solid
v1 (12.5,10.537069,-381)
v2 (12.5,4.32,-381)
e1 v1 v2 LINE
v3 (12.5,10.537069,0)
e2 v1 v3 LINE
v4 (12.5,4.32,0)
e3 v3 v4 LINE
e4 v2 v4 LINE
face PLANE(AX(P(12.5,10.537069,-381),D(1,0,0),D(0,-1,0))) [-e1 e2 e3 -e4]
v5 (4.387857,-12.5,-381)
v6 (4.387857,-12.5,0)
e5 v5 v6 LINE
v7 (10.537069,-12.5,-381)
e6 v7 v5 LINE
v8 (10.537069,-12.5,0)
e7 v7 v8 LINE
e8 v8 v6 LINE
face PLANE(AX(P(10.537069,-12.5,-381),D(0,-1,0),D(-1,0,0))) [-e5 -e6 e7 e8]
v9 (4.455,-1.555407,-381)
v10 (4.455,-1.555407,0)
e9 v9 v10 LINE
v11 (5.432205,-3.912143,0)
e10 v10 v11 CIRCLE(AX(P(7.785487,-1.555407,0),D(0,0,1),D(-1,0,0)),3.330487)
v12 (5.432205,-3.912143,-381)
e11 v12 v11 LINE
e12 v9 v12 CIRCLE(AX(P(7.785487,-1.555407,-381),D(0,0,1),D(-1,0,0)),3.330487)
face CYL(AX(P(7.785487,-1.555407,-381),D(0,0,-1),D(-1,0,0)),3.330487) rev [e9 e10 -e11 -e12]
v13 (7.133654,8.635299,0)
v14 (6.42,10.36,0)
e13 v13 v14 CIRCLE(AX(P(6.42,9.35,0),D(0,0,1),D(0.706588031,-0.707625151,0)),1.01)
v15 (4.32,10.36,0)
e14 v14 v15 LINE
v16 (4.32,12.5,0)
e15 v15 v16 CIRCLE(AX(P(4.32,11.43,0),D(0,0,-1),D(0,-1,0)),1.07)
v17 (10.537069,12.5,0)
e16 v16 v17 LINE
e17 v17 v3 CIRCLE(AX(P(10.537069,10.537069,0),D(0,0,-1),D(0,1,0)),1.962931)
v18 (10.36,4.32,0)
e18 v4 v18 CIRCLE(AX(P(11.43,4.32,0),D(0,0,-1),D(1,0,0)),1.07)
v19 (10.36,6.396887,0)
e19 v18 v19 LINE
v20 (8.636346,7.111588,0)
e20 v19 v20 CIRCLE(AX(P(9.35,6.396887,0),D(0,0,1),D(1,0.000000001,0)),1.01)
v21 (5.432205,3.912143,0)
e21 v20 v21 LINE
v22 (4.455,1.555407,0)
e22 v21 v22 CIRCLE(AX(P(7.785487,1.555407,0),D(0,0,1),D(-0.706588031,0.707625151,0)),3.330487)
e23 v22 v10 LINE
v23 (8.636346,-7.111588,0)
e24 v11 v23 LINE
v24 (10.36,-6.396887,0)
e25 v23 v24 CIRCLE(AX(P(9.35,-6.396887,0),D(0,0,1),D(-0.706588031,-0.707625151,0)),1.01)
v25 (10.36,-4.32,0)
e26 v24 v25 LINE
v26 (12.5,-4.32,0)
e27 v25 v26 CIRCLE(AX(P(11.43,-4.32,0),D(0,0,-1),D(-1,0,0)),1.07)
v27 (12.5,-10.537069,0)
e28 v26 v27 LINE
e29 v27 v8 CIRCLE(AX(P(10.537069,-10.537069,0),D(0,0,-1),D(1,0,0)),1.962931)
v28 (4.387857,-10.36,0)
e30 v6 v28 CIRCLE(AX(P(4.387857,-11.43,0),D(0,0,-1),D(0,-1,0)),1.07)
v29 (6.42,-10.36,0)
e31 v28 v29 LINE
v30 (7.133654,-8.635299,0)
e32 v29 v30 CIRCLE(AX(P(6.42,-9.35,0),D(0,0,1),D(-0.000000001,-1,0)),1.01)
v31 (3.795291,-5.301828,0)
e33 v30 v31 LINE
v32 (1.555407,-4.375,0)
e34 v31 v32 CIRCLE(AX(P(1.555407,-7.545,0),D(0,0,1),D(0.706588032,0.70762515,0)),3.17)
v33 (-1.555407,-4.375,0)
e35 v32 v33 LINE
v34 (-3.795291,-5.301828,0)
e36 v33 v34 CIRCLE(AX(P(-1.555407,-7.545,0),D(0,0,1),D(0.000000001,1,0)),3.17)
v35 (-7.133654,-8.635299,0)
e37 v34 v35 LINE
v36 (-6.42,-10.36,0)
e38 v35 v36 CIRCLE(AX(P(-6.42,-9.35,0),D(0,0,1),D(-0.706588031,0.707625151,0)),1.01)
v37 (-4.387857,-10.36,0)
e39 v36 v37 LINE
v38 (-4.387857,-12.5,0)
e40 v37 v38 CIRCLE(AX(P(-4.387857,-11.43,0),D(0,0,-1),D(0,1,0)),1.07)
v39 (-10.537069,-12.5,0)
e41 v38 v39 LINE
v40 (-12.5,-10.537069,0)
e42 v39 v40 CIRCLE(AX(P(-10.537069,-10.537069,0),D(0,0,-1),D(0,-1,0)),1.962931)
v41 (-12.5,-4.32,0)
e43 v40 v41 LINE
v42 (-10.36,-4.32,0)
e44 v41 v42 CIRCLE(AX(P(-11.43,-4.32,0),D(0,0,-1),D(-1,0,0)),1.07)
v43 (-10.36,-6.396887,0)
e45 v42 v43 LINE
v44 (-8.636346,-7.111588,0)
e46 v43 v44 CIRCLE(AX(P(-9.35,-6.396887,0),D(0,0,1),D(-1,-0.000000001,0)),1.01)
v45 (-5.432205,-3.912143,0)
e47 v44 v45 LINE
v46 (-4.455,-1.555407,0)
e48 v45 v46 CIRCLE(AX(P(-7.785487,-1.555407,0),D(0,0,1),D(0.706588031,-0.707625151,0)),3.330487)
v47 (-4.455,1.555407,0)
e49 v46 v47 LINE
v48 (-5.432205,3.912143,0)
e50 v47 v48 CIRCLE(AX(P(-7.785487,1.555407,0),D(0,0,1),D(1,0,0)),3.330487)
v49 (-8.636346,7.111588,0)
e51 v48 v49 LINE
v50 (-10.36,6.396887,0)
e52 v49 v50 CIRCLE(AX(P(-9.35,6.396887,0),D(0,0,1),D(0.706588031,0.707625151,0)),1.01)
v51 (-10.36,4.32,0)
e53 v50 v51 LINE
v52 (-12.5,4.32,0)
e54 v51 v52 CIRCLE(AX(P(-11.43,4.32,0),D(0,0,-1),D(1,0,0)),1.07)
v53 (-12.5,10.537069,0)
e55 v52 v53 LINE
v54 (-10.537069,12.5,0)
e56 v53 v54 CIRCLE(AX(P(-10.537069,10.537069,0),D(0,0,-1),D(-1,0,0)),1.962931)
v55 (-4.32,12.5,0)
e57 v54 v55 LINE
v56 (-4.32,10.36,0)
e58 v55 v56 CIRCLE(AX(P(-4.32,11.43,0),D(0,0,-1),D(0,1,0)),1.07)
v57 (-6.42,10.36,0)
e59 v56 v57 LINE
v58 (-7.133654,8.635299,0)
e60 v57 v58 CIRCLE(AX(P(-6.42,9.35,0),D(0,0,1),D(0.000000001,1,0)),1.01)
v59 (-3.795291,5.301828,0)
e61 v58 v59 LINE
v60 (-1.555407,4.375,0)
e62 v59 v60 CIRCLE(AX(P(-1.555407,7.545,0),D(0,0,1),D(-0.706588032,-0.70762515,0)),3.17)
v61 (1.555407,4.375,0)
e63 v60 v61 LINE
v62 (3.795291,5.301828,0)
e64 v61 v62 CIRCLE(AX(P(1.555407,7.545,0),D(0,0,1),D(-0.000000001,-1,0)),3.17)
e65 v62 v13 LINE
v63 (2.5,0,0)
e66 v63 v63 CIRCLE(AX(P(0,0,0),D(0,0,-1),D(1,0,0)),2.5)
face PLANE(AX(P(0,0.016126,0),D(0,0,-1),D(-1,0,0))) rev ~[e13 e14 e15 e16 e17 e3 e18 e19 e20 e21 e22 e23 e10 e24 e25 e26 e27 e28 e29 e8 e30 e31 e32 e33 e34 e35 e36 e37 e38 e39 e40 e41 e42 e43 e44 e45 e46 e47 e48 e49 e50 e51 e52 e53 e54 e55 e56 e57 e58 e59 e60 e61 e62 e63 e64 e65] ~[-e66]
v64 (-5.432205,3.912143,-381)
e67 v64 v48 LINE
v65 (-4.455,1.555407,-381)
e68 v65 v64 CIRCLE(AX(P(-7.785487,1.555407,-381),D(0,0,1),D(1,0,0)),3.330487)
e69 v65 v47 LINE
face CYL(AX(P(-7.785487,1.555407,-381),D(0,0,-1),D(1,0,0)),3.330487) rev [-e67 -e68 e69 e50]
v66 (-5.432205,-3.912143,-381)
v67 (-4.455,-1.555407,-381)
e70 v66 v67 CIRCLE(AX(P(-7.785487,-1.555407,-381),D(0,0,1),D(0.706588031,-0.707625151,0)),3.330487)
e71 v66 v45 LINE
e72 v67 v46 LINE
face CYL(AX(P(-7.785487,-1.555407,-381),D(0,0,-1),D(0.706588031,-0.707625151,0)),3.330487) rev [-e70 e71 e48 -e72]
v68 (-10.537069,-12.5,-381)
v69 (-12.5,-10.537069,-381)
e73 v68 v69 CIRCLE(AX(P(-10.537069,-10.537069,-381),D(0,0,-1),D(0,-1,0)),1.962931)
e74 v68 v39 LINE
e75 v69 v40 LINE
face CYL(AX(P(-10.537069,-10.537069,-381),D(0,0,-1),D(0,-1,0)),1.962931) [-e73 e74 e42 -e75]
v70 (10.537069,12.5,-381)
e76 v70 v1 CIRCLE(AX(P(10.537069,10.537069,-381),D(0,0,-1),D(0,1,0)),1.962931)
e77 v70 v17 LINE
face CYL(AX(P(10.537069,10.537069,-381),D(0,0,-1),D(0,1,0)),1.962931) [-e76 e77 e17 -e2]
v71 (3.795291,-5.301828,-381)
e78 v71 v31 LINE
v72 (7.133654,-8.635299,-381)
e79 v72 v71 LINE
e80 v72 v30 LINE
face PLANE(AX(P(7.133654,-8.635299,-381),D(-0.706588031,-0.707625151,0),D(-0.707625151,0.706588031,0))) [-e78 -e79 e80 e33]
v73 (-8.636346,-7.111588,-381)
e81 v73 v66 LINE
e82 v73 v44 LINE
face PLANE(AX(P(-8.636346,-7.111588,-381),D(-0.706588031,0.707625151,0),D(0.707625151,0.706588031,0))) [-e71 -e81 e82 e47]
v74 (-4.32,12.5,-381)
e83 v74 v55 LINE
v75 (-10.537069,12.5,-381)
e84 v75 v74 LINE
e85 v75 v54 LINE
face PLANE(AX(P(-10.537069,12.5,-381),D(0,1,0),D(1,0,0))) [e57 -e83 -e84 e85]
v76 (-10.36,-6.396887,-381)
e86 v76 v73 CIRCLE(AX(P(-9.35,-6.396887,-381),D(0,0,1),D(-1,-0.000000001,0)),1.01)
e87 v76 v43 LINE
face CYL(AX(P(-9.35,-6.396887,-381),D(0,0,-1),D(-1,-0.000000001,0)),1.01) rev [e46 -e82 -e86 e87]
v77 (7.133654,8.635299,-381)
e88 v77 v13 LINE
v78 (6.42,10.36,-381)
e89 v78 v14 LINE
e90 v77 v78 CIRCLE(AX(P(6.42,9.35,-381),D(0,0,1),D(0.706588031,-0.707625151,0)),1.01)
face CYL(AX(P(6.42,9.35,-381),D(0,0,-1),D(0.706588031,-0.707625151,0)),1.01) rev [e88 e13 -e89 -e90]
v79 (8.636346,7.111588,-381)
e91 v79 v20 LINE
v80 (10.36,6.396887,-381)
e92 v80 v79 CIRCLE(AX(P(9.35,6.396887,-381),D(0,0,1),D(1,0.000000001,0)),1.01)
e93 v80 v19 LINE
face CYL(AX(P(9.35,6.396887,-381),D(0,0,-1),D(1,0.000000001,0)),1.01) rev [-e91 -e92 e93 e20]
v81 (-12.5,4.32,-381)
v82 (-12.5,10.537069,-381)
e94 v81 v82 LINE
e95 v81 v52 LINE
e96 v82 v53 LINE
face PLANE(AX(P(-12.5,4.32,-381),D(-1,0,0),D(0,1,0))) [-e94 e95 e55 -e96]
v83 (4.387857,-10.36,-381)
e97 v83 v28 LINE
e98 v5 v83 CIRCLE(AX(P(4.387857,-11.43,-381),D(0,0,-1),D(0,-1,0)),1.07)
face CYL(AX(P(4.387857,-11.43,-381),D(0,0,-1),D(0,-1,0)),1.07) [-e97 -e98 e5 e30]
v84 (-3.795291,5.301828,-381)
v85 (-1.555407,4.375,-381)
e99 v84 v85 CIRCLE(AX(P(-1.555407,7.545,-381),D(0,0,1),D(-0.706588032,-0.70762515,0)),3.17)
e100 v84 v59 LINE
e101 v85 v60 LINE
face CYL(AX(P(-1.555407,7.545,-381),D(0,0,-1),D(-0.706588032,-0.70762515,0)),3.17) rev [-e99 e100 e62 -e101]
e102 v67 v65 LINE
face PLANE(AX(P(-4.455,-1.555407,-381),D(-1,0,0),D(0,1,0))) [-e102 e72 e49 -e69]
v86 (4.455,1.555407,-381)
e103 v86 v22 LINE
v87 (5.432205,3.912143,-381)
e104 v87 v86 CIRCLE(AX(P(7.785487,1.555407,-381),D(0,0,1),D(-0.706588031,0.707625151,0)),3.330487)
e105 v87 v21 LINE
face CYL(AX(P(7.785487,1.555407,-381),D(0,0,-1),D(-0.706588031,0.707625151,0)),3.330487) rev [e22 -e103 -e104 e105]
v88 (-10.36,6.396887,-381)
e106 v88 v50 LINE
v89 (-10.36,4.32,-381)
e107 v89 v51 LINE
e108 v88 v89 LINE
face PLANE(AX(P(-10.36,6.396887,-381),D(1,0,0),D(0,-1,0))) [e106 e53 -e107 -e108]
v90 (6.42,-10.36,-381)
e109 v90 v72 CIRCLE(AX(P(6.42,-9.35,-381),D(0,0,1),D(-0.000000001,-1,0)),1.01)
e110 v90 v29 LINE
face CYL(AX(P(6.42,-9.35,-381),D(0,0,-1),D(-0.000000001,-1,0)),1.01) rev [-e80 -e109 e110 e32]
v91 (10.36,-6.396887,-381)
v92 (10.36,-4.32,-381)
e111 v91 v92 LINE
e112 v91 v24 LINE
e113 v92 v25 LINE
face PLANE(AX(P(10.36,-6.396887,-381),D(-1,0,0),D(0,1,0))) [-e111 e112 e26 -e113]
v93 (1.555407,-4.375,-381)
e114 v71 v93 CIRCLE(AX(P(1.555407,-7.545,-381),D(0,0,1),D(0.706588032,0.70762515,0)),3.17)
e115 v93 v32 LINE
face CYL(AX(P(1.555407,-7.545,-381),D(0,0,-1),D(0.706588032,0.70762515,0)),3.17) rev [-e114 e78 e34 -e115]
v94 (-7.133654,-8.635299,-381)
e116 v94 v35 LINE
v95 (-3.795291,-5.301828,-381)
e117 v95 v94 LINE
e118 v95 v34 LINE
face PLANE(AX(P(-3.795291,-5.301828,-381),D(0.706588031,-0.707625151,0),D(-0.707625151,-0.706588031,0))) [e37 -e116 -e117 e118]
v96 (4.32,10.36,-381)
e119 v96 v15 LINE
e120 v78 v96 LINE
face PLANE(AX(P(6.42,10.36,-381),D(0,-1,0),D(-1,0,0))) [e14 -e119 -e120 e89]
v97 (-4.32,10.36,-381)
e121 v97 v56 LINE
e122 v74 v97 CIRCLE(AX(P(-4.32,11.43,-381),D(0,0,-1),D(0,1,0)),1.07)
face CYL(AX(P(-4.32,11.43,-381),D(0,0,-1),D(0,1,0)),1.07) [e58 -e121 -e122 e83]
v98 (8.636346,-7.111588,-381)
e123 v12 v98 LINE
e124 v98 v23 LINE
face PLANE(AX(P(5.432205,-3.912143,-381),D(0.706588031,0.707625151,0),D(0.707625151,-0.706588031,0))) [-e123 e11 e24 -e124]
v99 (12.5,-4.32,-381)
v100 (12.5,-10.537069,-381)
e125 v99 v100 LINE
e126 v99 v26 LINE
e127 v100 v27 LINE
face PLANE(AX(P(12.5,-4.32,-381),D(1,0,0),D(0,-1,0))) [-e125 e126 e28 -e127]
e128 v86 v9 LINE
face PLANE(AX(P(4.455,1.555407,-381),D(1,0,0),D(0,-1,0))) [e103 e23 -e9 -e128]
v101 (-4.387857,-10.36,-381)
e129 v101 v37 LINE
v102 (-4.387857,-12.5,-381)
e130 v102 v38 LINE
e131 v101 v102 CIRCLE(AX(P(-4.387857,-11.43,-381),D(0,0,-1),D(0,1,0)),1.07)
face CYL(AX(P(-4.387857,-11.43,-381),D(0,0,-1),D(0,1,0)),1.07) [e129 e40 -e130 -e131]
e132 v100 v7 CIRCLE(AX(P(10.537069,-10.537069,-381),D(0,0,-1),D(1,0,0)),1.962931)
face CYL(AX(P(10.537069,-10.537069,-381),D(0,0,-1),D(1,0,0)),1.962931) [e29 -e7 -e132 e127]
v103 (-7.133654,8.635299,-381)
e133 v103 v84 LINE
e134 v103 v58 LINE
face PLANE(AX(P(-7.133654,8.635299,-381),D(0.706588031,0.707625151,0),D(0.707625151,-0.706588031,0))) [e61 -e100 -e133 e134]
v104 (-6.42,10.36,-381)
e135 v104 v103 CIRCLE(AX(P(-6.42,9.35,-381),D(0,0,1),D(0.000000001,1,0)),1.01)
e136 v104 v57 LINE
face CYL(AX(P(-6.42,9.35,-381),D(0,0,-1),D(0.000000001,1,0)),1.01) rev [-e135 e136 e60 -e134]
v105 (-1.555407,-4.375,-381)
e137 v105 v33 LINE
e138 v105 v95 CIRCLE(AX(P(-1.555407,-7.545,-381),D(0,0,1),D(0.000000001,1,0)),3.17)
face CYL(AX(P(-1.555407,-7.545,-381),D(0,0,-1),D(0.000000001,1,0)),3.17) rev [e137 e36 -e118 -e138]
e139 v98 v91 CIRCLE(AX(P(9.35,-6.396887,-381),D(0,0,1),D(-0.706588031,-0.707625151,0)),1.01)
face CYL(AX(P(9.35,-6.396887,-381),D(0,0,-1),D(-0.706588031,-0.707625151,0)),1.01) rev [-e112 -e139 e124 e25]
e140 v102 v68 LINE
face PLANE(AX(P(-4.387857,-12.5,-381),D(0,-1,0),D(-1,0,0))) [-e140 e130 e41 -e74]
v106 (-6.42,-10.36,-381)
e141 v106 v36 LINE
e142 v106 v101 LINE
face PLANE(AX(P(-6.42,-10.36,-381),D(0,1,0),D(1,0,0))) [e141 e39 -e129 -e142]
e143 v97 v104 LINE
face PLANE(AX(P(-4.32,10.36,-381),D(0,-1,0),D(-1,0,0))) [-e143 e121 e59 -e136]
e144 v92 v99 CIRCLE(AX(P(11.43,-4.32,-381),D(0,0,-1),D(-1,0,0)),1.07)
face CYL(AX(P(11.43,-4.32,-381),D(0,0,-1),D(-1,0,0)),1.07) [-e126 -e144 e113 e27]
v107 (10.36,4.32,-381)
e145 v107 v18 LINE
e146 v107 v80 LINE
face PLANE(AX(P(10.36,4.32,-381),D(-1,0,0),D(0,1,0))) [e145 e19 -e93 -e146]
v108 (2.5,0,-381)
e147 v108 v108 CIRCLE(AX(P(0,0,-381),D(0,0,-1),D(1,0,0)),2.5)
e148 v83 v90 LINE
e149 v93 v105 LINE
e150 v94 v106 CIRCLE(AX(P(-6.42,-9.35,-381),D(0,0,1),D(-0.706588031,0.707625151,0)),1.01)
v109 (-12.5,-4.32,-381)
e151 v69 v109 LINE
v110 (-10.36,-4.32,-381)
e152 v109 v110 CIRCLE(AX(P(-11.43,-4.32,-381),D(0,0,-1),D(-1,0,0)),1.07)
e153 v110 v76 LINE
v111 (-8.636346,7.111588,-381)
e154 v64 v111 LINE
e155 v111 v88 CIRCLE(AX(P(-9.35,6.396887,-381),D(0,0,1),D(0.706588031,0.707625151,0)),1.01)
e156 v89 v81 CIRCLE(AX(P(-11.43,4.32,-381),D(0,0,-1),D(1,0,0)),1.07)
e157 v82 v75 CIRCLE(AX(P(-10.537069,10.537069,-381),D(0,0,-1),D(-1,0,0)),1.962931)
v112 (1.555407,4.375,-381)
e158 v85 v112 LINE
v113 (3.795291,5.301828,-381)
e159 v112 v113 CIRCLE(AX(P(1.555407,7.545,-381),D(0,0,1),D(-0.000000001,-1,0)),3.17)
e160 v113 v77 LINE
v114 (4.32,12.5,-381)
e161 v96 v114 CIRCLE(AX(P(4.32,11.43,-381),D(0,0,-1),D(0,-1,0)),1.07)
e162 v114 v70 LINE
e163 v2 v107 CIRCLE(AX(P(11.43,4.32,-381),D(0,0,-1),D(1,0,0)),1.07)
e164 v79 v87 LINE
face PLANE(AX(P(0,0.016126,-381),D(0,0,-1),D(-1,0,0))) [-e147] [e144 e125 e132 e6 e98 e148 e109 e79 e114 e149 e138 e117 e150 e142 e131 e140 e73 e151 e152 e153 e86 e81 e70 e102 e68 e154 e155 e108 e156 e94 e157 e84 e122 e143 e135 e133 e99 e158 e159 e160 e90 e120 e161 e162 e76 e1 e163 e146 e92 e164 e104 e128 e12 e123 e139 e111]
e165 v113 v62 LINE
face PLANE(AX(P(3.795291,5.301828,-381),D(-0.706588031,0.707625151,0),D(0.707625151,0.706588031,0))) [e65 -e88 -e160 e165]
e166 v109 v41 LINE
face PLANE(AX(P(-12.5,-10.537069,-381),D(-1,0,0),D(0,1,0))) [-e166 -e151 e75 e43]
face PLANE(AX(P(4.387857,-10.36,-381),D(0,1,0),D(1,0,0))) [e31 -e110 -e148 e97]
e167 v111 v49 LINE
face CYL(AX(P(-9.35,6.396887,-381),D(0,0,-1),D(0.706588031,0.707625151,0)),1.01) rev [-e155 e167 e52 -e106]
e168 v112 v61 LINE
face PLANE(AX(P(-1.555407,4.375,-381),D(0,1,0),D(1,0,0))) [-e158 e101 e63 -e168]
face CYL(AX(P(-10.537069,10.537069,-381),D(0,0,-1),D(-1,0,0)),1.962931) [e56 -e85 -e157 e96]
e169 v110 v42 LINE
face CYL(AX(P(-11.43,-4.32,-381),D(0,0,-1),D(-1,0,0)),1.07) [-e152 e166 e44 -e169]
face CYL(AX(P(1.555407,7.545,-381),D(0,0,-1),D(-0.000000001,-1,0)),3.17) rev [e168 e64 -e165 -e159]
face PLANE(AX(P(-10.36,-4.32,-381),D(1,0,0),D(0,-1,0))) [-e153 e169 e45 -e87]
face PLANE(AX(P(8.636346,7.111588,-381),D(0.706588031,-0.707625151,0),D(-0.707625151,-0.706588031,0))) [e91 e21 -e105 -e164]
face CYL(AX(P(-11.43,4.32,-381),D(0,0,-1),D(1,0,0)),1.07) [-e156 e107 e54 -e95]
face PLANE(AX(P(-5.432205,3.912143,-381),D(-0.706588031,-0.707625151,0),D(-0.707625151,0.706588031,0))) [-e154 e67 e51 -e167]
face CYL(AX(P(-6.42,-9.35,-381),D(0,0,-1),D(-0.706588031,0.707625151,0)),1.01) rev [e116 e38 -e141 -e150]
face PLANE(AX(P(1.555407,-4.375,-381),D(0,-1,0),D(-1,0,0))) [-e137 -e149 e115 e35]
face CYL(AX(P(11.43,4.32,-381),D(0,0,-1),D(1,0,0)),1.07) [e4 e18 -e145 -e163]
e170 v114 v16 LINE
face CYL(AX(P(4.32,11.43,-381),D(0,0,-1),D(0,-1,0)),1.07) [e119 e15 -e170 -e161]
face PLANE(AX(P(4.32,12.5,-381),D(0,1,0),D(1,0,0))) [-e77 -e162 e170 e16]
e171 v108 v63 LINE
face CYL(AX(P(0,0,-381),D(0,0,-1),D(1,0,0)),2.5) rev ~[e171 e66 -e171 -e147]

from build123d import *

# Parameters (mm, degrees)
SKETCH1_R           = 2.5
BOSS_EXTRUDE1_DEPTH = 381


with BuildPart() as part:
    # Sketch1 → Boss-Extrude1 (new body)
    with BuildSketch(Plane(origin=(0, 0, -381), x_dir=(-1, 0, 0), z_dir=(0, 0, -1))):
        with BuildLine():
            Line((12.5, 4.32), (12.5, 10.537068835))
            ThreePointArc((12.5, 10.537068835), (11.925070773, 11.925070773), (10.537068835, 12.5))
            Line((10.537068835, 12.5), (4.32, 12.5))
            ThreePointArc((4.32, 12.5), (3.25, 11.43), (4.32, 10.36))
            Line((4.32, 10.36), (6.42, 10.36))
            ThreePointArc((6.42, 10.36), (7.35325999, 9.736168088), (7.133653912, 8.635298598))
            Line((7.133653912, 8.635298598), (3.795290766, 5.301828272))
            ThreePointArc((3.795290766, 5.301828272), (2.76743922, 4.61585726), (1.555406707, 4.375))
            Line((1.555406707, 4.375), (-1.555406707, 4.375))
            ThreePointArc((-1.555406707, 4.375), (-2.76743922, 4.61585726), (-3.795290766, 5.301828272))
            Line((-3.795290766, 5.301828272), (-7.133653912, 8.635298598))
            ThreePointArc((-7.133653912, 8.635298598), (-7.35325999, 9.736168088), (-6.42, 10.36))
            Line((-6.42, 10.36), (-4.32, 10.36))
            ThreePointArc((-4.32, 10.36), (-3.25, 11.43), (-4.32, 12.5))
            Line((-4.32, 12.5), (-10.537068835, 12.5))
            ThreePointArc((-10.537068835, 12.5), (-11.925070773, 11.925070773), (-12.5, 10.537068835))
            Line((-12.5, 10.537068835), (-12.5, 4.32))
            ThreePointArc((-12.5, 4.32), (-11.43, 3.25), (-10.36, 4.32))
            Line((-10.36, 4.32), (-10.36, 6.396886949))
            ThreePointArc((-10.36, 6.396886949), (-9.736852394, 7.329863489), (-8.636346088, 7.111588351))
            Line((-8.636346088, 7.111588351), (-5.432204773, 3.912143135))
            ThreePointArc((-5.432204773, 3.912143135), (-4.708985779, 2.831057106), (-4.455, 1.555406707))
            Line((-4.455, 1.555406707), (-4.455, -1.555406707))
            ThreePointArc((-4.455, -1.555406707), (-4.708985779, -2.831057106), (-5.432204773, -3.912143135))
            Line((-5.432204773, -3.912143135), (-8.636346088, -7.111588351))
            ThreePointArc((-8.636346088, -7.111588351), (-9.736852394, -7.329863489), (-10.36, -6.396886949))
            Line((-10.36, -6.396886949), (-10.36, -4.32))
            ThreePointArc((-10.36, -4.32), (-11.43, -3.25), (-12.5, -4.32))
            Line((-12.5, -4.32), (-12.5, -10.537068835))
            ThreePointArc((-12.5, -10.537068835), (-11.925070773, -11.925070773), (-10.537068835, -12.5))
            Line((-10.537068835, -12.5), (-4.387856959, -12.5))
            ThreePointArc((-4.387856959, -12.5), (-3.317856959, -11.43), (-4.387856959, -10.36))
            Line((-4.387856959, -10.36), (-6.42, -10.36))
            ThreePointArc((-6.42, -10.36), (-7.35325999, -9.736168088), (-7.133653912, -8.635298598))
            Line((-7.133653912, -8.635298598), (-3.795290766, -5.301828272))
            ThreePointArc((-3.795290766, -5.301828272), (-2.76743922, -4.61585726), (-1.555406707, -4.375))
            Line((-1.555406707, -4.375), (1.555406707, -4.375))
            ThreePointArc((1.555406707, -4.375), (2.76743922, -4.61585726), (3.795290766, -5.301828272))
            Line((3.795290766, -5.301828272), (7.133653912, -8.635298598))
            ThreePointArc((7.133653912, -8.635298598), (7.35325999, -9.736168088), (6.42, -10.36))
            Line((6.42, -10.36), (4.387856959, -10.36))
            ThreePointArc((4.387856959, -10.36), (3.317856959, -11.43), (4.387856959, -12.5))
            Line((4.387856959, -12.5), (10.537068835, -12.5))
            ThreePointArc((10.537068835, -12.5), (11.925070773, -11.925070773), (12.5, -10.537068835))
            Line((12.5, -10.537068835), (12.5, -4.32))
            ThreePointArc((12.5, -4.32), (11.43, -3.25), (10.36, -4.32))
            Line((10.36, -4.32), (10.36, -6.396886949))
            ThreePointArc((10.36, -6.396886949), (9.736852394, -7.329863489), (8.636346088, -7.111588351))
            Line((8.636346088, -7.111588351), (5.432204773, -3.912143135))
            ThreePointArc((5.432204773, -3.912143135), (4.708985779, -2.831057106), (4.455, -1.555406707))
            Line((4.455, -1.555406707), (4.455, 1.555406707))
            ThreePointArc((4.455, 1.555406707), (4.708985779, 2.831057106), (5.432204773, 3.912143135))
            Line((5.432204773, 3.912143135), (8.636346088, 7.111588351))
            ThreePointArc((8.636346088, 7.111588351), (9.736852394, 7.329863489), (10.36, 6.396886949))
            Line((10.36, 6.396886949), (10.36, 4.32))
            ThreePointArc((10.36, 4.32), (11.43, 3.25), (12.5, 4.32))
        make_face()
        with Locations(Location((0, 0, 0), (0, 0, 180))):
            Circle(SKETCH1_R, mode=Mode.SUBTRACT)
    extrude(amount=-BOSS_EXTRUDE1_DEPTH)


solid = part.part
